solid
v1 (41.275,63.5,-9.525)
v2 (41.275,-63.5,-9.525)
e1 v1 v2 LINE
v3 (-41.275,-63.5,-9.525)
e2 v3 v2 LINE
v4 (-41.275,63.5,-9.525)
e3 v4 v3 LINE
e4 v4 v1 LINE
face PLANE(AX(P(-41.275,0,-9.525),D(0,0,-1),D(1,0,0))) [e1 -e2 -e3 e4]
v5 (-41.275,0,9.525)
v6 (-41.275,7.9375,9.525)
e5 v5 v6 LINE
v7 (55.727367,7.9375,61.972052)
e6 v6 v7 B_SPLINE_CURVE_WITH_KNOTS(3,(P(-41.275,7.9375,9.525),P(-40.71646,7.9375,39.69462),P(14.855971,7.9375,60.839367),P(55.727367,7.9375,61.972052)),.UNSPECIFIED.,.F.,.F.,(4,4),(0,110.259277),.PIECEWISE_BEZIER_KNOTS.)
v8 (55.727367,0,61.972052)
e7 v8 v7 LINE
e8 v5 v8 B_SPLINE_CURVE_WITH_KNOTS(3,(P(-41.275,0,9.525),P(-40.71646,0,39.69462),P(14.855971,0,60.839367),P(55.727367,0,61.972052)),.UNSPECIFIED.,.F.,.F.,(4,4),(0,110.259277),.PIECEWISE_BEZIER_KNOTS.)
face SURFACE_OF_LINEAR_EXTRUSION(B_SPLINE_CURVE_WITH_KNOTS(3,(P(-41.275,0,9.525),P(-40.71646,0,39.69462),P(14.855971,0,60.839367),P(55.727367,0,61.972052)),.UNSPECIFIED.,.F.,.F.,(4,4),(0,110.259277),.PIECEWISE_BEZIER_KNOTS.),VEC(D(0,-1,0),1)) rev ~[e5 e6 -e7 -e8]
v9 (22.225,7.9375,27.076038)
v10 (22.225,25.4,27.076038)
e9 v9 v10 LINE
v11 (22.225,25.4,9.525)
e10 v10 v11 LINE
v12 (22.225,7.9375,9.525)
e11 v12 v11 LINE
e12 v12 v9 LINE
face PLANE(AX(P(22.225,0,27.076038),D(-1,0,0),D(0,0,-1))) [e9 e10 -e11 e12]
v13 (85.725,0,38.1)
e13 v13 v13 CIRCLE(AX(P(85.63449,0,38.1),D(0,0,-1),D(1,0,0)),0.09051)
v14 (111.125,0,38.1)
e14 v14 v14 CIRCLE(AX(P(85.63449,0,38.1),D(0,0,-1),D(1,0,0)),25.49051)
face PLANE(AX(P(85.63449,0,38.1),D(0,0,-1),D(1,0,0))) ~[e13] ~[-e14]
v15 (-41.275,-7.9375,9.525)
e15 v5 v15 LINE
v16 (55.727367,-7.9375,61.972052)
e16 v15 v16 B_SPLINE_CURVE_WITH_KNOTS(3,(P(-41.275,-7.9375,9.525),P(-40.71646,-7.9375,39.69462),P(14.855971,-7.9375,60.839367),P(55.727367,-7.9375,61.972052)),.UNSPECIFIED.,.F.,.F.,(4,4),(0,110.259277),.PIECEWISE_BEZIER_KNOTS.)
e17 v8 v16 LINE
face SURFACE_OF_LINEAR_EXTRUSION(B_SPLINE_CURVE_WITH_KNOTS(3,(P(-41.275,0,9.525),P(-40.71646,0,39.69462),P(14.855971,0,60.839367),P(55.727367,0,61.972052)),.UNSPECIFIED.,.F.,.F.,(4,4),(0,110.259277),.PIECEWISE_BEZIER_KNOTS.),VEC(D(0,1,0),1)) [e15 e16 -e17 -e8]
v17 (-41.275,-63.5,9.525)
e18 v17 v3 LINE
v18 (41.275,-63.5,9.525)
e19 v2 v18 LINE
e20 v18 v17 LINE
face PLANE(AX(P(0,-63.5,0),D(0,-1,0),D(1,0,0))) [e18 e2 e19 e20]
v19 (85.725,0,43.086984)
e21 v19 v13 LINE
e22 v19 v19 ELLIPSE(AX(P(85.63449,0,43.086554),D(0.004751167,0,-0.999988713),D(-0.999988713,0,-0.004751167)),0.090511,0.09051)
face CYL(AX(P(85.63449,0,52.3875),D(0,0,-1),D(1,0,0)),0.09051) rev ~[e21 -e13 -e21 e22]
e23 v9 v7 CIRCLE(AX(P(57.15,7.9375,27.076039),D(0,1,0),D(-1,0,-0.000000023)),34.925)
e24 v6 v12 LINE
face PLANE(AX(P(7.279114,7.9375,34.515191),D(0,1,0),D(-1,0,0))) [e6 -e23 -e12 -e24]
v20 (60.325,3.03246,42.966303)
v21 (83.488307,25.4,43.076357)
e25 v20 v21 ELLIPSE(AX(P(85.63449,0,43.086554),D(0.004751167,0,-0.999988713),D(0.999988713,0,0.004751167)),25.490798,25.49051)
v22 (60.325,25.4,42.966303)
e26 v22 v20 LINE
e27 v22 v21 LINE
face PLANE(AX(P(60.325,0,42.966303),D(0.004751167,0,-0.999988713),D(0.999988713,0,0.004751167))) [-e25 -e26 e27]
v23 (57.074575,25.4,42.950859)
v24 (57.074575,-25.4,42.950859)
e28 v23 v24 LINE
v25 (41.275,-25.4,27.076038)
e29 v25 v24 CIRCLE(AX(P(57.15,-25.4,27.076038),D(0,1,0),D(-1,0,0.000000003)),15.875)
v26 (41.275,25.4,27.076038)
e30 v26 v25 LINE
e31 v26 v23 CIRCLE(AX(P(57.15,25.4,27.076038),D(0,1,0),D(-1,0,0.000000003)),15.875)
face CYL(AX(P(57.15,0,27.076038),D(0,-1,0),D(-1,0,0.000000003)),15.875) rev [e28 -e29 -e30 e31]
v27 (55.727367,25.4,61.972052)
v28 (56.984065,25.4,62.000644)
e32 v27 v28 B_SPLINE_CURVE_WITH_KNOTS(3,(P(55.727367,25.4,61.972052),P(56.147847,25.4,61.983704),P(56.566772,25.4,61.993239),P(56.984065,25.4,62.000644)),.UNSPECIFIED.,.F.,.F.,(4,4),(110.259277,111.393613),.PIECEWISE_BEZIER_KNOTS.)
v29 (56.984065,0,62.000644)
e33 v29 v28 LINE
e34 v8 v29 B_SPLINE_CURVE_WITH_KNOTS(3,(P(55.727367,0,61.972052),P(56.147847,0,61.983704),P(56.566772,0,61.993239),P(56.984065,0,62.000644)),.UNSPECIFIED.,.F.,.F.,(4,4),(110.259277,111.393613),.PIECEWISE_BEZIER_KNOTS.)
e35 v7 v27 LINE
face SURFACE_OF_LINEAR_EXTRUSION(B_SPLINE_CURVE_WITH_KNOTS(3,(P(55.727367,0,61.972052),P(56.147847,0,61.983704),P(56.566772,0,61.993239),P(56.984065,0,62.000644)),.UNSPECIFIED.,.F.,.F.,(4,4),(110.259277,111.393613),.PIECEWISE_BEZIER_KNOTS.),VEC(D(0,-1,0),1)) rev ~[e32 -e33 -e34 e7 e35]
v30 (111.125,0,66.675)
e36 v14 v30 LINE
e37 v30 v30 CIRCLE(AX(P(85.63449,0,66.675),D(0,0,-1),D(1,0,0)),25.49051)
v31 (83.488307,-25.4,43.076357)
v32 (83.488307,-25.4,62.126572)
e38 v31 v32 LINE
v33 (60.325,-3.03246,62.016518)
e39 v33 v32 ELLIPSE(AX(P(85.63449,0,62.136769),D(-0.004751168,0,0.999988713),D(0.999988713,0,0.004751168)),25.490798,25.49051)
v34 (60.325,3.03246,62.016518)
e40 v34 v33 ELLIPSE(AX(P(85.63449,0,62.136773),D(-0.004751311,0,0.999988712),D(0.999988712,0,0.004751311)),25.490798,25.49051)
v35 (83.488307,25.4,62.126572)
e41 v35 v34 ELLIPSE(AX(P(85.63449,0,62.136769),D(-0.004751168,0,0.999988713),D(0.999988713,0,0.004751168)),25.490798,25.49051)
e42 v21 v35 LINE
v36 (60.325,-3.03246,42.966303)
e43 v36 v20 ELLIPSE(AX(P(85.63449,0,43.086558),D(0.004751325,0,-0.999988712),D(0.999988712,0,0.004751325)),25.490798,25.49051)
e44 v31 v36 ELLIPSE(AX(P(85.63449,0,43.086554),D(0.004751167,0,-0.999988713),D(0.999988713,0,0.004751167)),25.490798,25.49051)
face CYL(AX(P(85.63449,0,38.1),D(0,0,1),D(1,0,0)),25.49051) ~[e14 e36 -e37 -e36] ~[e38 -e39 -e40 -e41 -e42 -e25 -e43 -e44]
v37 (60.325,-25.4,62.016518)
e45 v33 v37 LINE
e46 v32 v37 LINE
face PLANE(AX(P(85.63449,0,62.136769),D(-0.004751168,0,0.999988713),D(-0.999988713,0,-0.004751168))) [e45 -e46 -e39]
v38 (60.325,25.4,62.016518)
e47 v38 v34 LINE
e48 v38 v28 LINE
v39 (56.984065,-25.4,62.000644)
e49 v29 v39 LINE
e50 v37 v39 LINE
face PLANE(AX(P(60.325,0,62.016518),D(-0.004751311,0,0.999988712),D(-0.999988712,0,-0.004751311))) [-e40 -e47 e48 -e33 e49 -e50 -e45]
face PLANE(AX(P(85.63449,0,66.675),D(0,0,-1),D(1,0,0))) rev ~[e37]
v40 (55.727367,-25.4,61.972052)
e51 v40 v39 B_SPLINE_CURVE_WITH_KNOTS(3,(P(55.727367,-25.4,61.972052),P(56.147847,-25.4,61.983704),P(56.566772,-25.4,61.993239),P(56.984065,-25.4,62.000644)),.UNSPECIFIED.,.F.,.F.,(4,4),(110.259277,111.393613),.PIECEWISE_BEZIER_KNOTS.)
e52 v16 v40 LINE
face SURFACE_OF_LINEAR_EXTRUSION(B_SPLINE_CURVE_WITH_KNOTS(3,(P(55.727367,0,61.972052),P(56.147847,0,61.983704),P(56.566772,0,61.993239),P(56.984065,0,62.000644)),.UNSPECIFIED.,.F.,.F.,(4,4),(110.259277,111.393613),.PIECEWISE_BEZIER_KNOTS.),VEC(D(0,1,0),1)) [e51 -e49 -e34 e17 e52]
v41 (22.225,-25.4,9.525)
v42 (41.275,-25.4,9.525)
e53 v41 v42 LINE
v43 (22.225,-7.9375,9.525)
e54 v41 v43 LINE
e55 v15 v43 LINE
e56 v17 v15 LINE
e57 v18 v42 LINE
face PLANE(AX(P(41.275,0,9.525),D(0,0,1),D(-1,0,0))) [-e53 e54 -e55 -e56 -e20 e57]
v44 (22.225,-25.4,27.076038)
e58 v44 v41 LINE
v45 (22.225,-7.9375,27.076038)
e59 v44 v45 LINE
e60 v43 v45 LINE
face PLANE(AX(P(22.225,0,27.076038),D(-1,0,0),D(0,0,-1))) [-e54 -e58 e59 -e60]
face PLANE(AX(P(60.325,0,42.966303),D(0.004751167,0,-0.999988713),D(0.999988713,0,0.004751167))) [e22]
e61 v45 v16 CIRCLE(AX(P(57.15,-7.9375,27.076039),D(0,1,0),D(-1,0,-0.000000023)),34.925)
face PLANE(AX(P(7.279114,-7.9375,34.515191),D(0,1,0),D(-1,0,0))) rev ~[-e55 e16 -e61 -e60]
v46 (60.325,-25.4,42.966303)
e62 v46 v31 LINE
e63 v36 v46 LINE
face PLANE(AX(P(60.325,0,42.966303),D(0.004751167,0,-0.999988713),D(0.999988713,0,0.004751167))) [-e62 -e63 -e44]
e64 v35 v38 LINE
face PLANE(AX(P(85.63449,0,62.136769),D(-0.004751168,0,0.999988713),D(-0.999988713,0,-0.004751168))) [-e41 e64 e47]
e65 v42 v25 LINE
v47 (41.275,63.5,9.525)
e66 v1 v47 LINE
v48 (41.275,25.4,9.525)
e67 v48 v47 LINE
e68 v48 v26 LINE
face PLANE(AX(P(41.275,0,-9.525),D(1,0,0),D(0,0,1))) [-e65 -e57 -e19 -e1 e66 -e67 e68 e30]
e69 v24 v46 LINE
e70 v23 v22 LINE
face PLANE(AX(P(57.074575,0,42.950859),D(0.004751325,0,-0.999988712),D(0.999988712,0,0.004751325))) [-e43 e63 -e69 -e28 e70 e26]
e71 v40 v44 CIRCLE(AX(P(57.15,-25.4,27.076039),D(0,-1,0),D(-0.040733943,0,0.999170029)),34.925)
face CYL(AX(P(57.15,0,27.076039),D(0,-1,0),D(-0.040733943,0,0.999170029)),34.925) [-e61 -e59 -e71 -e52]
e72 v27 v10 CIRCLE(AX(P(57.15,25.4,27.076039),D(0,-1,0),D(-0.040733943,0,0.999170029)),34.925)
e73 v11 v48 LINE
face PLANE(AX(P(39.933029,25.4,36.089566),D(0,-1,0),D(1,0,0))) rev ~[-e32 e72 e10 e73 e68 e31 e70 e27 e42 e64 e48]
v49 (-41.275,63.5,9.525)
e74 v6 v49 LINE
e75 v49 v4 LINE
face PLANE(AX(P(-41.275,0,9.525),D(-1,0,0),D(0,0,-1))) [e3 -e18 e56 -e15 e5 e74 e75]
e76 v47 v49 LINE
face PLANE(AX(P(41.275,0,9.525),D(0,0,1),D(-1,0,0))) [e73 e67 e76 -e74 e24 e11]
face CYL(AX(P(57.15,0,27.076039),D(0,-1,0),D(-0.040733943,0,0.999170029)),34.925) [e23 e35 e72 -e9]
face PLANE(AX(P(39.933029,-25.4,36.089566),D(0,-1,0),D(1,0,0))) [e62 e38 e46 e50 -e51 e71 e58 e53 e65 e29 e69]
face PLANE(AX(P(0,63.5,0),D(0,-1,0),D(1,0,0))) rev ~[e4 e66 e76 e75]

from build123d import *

# Parameters (mm, degrees)
F1_DEPTH = 63.5
F2_DEPTH = 25.4
F3_DEPTH = 7.9375


with BuildPart() as f1:
    # F0 (on Front) → F1 (new body, symmetric)
    with BuildSketch(Plane.XZ):
        Polygon((-41.275, 9.525), (-41.275, -9.525), (41.275, -9.525), (41.275, 9.525), (22.225, 9.525), align=None)
    extrude(amount=F1_DEPTH, both=True)

    # F0 (on Front) → F2 (join, symmetric)
    with BuildSketch(Plane.XZ):
        with BuildLine():
            Line((22.225, 9.525), (41.275, 9.525))
            Line((41.275, 9.525), (41.275, 27.076038))
            ThreePointArc((41.275, 27.076038), (45.898045, 38.27466), (57.074575, 42.950859))
            Line((57.074575, 42.950859), (60.325, 42.966303))
            Line((60.325, 42.966303), (60.325, 62.016518))
            Line((60.325, 62.016518), (56.984065, 62.000644))
            add(Edge.make_bspline(
                [(55.727367, 61.972052), (56.147847, 61.983704), (56.566772, 61.993239), (56.984065, 62.000644)],
                knots=[110.259277, 110.259277, 110.259277, 110.259277, 111.393613, 111.393613, 111.393613, 111.393613], degree=3))
            ThreePointArc((55.727367, 61.972052), (31.956339, 51.263537), (22.225, 27.076038))
            Line((22.225, 27.076038), (22.225, 9.525))
        make_face()
        Polygon((85.63449, 62.136769), (60.325, 62.016518), (60.325, 42.966303), (85.725, 43.086984), (85.725, 52.3875), align=None)
    extrude(amount=F2_DEPTH, both=True)

    # F0 (on Front) → F3 (join, symmetric)
    with BuildSketch(Plane.XZ):
        with BuildLine():
            add(Edge.make_bspline(
                [(-41.275, 9.525), (-40.71646, 39.69462), (14.855971, 60.839367), (55.727367, 61.972052)],
                knots=[0, 0, 0, 0, 110.259277, 110.259277, 110.259277, 110.259277], degree=3))
            Line((-41.275, 9.525), (22.225, 9.525))
            Line((22.225, 9.525), (22.225, 27.076038))
            ThreePointArc((22.225, 27.076038), (31.956339, 51.263537), (55.727367, 61.972052))
        make_face()
    extrude(amount=F3_DEPTH, both=True)

    # F0 (on Front) → F4 (revolve)
    with BuildSketch(Plane.XZ):
        Polygon((85.63449, 66.675), (85.63449, 62.136769), (85.725, 52.3875), (85.725, 43.086984), (85.725, 38.1), (111.125, 38.1), (111.125, 66.675), align=None)
    revolve(axis=Axis((85.63449, 0, 64.405885), (0, 0, -1)))


solid = f1.part
